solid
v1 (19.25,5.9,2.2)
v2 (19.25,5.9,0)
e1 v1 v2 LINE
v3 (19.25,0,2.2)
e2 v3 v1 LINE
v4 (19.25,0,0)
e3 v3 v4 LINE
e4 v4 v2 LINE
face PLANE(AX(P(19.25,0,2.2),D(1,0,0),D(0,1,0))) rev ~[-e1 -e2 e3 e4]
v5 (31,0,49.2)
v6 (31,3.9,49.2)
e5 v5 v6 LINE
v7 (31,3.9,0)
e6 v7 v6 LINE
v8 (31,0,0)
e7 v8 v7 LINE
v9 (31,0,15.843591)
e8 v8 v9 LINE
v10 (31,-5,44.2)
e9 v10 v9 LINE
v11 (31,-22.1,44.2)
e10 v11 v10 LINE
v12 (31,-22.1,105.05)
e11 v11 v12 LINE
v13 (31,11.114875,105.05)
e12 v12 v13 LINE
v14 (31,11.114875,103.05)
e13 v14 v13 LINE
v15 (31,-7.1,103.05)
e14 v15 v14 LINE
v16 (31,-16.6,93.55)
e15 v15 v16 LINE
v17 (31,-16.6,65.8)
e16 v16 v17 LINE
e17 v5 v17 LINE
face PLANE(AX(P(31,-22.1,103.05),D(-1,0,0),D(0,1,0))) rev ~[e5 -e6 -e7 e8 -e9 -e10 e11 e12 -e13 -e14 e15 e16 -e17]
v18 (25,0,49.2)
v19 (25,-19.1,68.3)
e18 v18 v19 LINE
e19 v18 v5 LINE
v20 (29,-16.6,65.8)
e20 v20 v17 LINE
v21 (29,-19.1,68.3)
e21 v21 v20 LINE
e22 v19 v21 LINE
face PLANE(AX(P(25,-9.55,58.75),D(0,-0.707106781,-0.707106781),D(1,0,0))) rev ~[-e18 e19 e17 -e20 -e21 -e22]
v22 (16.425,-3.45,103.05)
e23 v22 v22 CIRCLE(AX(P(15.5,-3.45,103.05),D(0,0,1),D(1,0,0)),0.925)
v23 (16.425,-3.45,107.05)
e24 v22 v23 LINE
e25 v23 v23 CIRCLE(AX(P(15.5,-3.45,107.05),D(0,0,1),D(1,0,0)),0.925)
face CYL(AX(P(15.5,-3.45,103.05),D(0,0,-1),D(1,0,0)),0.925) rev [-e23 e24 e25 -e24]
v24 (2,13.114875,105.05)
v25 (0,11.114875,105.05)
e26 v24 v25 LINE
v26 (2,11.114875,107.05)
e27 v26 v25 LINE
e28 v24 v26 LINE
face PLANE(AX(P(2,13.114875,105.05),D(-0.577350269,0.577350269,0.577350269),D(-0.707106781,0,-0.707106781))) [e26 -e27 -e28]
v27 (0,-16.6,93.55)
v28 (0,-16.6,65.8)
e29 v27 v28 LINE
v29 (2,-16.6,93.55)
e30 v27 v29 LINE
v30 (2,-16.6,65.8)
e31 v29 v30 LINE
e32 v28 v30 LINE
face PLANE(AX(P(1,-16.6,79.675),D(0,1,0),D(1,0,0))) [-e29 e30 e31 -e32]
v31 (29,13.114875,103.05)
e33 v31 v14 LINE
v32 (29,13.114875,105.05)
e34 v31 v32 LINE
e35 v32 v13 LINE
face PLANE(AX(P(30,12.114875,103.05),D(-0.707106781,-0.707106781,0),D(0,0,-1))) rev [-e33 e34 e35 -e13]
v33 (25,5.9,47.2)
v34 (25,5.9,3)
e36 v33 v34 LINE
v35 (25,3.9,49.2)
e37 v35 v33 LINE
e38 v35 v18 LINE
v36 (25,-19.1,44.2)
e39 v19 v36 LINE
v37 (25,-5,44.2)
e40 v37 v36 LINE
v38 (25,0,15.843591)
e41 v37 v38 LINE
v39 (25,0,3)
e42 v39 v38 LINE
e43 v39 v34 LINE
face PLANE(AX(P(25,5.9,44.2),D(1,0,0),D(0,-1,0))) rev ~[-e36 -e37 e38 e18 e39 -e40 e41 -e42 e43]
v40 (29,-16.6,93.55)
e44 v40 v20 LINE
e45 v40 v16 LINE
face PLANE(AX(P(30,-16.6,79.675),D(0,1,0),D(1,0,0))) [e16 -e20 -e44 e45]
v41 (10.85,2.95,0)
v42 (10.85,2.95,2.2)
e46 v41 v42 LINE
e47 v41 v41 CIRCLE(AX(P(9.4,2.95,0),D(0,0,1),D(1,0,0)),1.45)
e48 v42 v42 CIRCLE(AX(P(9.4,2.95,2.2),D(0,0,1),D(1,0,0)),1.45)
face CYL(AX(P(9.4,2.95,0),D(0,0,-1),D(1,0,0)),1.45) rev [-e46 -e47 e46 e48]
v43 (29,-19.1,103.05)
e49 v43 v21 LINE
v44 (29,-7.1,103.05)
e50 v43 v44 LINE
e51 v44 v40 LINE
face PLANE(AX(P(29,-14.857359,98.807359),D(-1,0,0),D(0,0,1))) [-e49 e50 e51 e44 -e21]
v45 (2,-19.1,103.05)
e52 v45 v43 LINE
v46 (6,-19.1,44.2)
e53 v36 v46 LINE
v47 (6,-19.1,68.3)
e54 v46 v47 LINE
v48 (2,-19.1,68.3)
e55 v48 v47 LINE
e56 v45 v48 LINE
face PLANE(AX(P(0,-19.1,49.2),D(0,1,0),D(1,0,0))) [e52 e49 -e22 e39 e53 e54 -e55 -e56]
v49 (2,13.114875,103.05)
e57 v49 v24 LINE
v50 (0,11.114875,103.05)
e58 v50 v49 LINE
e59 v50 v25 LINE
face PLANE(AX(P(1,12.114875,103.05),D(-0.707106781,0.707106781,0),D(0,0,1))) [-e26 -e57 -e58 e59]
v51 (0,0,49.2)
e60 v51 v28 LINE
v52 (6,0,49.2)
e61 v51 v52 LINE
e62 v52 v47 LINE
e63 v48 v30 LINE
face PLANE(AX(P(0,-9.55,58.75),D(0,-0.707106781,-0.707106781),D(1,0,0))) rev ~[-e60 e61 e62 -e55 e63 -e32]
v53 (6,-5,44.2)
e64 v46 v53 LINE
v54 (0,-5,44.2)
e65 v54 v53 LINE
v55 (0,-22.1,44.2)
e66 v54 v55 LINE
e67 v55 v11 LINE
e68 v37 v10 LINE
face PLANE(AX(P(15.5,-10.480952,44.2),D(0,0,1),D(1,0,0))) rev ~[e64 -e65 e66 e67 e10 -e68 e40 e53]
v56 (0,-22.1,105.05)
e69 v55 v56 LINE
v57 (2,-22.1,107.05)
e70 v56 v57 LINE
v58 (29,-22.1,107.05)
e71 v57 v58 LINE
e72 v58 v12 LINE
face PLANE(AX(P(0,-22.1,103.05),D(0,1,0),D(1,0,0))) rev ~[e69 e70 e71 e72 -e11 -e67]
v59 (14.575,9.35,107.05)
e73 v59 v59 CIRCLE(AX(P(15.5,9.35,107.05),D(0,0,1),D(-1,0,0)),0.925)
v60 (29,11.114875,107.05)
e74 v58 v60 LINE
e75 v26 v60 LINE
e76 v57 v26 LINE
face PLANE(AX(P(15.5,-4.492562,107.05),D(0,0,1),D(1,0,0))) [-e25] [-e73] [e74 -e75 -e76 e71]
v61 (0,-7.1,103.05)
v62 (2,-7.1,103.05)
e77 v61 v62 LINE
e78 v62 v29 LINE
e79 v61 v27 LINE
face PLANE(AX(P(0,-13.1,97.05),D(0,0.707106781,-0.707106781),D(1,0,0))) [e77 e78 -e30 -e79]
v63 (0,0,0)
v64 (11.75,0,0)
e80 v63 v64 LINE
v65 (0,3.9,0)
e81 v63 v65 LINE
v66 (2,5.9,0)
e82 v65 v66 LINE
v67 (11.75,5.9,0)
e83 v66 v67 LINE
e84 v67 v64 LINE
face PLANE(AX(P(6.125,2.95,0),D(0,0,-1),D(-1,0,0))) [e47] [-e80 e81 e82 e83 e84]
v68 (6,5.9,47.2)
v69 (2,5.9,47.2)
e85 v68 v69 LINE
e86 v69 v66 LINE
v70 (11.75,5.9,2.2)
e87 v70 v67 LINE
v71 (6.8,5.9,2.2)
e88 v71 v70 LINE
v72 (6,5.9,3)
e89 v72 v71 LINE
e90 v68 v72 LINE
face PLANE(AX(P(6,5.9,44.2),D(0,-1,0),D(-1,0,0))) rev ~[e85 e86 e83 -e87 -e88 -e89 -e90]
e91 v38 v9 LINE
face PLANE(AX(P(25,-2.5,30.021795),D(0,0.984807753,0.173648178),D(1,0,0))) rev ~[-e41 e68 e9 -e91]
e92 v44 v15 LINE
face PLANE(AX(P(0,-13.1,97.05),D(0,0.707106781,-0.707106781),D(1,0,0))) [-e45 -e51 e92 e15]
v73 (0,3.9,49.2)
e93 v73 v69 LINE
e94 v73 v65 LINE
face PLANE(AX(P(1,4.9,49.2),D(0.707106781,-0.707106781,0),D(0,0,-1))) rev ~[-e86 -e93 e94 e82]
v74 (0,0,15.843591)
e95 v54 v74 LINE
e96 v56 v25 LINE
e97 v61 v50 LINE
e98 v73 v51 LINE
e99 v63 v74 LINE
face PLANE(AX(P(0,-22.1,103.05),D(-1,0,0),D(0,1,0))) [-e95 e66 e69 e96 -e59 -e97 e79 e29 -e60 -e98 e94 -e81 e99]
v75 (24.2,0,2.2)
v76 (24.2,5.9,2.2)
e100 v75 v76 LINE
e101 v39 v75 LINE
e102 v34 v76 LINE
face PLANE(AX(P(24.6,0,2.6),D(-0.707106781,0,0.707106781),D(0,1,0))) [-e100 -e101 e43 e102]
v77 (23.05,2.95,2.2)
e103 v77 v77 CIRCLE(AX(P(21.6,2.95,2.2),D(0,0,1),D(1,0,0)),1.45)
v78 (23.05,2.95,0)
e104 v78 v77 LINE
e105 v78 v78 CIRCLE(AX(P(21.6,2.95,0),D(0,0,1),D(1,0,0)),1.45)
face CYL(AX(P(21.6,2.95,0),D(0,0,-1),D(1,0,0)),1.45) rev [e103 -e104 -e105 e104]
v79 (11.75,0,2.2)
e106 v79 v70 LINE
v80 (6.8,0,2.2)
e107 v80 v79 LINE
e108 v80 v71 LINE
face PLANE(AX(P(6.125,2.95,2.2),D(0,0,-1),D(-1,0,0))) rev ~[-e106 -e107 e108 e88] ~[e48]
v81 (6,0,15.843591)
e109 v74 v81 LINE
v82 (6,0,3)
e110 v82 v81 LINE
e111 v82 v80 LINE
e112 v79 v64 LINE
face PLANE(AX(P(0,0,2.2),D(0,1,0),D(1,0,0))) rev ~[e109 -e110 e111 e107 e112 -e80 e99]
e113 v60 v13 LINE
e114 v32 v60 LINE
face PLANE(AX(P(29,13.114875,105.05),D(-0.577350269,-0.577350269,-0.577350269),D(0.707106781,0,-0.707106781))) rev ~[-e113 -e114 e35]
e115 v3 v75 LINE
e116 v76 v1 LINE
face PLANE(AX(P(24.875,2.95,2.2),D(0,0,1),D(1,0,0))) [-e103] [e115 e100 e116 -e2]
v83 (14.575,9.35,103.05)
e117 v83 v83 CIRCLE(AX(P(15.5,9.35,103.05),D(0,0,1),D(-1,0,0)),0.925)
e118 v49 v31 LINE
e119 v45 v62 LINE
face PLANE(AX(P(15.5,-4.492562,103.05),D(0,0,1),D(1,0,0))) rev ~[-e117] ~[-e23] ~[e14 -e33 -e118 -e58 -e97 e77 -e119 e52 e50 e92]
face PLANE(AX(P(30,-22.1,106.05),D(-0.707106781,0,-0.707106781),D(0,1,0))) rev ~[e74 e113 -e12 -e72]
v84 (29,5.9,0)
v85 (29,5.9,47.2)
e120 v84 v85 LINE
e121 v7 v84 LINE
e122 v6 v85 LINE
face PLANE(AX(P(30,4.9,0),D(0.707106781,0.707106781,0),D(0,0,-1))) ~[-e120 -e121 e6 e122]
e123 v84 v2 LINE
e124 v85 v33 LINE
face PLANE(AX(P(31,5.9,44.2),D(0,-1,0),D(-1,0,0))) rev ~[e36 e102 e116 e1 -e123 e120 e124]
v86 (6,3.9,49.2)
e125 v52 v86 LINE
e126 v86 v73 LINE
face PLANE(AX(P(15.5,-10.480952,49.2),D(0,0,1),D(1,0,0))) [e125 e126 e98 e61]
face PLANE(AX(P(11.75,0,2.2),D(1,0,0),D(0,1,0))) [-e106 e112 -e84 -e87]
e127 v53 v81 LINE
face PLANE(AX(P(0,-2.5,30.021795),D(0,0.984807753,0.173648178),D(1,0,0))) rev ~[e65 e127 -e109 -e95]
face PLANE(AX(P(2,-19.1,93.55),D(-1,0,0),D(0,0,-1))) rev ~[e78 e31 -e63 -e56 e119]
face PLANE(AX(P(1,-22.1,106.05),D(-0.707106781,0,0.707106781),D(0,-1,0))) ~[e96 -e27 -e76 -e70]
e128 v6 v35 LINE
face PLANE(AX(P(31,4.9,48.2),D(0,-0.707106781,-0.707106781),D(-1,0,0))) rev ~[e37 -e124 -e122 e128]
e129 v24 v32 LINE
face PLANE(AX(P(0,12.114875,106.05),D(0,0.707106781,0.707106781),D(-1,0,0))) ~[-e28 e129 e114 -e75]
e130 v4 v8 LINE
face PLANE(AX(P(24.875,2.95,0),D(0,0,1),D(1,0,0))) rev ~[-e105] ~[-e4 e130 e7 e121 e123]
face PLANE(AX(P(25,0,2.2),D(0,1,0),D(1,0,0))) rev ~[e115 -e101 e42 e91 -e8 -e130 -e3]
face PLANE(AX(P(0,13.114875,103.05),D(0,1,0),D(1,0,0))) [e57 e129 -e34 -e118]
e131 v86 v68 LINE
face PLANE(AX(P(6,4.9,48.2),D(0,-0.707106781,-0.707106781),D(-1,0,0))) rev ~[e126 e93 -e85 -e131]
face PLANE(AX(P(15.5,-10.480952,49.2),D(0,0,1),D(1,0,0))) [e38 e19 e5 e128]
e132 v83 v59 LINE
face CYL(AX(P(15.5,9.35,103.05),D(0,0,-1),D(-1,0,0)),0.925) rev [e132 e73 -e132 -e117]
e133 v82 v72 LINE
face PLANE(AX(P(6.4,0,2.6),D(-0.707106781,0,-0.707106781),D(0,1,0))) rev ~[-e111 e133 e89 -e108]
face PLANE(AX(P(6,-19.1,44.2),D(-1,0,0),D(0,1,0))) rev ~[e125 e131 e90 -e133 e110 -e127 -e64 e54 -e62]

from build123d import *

# Parameters (mm, degrees)
SKETCH1_R             = 1.45
BOSS_EXTRUDE1_DEPTH   = 2.2
BOSS_EXTRUDE1_2_DEPTH = 2.2
SKETCH8_W             = 6
SKETCH8_H             = 5.9
BOSS_EXTRUDE6_DEPTH   = 42
BOSS_EXTRUDE7_DEPTH   = 5
SKETCH10_W            = 31
SKETCH10_H            = 3
BOSS_EXTRUDE8_DEPTH   = 53.85
SKETCH11_W            = 31
SKETCH11_H            = 35.214875224
SKETCH11_R            = 0.925
BOSS_EXTRUDE9_DEPTH   = 4
CHAMFER6_SIZE         = 19.1
CHAMFER7_SIZE         = 12
CHAMFER8_SIZE         = 2
CUT_EXTRUDE2_START    = 2
CUT_EXTRUDE2_DEPTH    = 27
CHAMFER10_SIZE        = 0.8
SKETCH14_W            = 7.5
SKETCH14_H            = 5.9
CUT_EXTRUDE3_DEPTH    = 112.547893301
CHAMFER11_SIZE        = 5
CHAMFER11_SIZE2       = 28.356409098
SKETCH15_W            = 2
SKETCH15_H            = 27.75
BOSS_EXTRUDE10_DEPTH  = 2.5


with BuildPart() as part:
    # Sketch1 → Boss-Extrude1 (new body)
    with BuildSketch(Plane.XY):
        Polygon((0, 0), (0, 5.9), (12.25, 5.9), (12.25, 0), (2.5, 0), align=None)
        with Locations((9.4, 2.95)):
            Circle(SKETCH1_R, mode=Mode.SUBTRACT)
    extrude(amount=BOSS_EXTRUDE1_DEPTH)



with BuildPart() as body_2:
    # Sketch1 → Boss-Extrude1 2 (new body)
    with BuildSketch(Plane.XY):
        Polygon((31, 0), (31, 5.9), (18.75, 5.9), (18.75, 0), (28.5, 0), align=None)
        with Locations((21.6, 2.95)):
            Circle(SKETCH1_R, mode=Mode.SUBTRACT)
    extrude(amount=BOSS_EXTRUDE1_2_DEPTH)


with BuildPart() as part_1:
    add(part.part)

    add(body_2.part)  # Boss-Extrude6 merges body 2
    # Sketch8 → Boss-Extrude6 (add)
    with BuildSketch(Plane.XY.offset(2.2)):
        with Locations((3, 2.95)):
            Rectangle(SKETCH8_W, SKETCH8_H)
        with Locations((28, 2.95)):
            Rectangle(SKETCH8_W, SKETCH8_H)
    extrude(amount=BOSS_EXTRUDE6_DEPTH)

    # Sketch9 → Boss-Extrude7 (add)
    with BuildSketch(Plane.XY.offset(44.2)):
        Polygon((0, 5.9), (0, -22.1), (31, -22.1), (31, 5.9), (25, 5.9), (25, -19.1), (6, -19.1), (6, 5.9), align=None)
    extrude(amount=BOSS_EXTRUDE7_DEPTH)

    # Sketch10 → Boss-Extrude8 (add)
    with BuildSketch(Plane.XY.offset(49.2)):
        with Locations((15.5, -20.6)):
            Rectangle(SKETCH10_W, SKETCH10_H)
    extrude(amount=BOSS_EXTRUDE8_DEPTH)

    # Sketch11 → Boss-Extrude9 (add)
    with BuildSketch(Plane.XY.offset(103.05)):
        with Locations((15.5, -4.492562388)):
            Rectangle(SKETCH11_W, SKETCH11_H)
        with Locations((15.5, -3.45)):
            Circle(SKETCH11_R, mode=Mode.SUBTRACT)
        with Locations(Location((15.5, 9.35, 0), (0, 0, 180))):
            Circle(SKETCH11_R, mode=Mode.SUBTRACT)
    extrude(amount=BOSS_EXTRUDE9_DEPTH)

    # Chamfer6
    chamfer6_edges = [part_1.edges().sort_by_distance(p)[0] for p in [
        (3, -19.1, 49.2),
        (28, -19.1, 49.2),
    ]]
    chamfer(chamfer6_edges, length=CHAMFER6_SIZE)

    # Chamfer7
    chamfer7_edges = [part_1.edges().sort_by_distance(p)[0] for p in [
        (15.5, -19.1, 103.05),
    ]]
    chamfer(chamfer7_edges, length=CHAMFER7_SIZE)

    # Chamfer8
    chamfer8_edges = [part_1.edges().sort_by_distance(p)[0] for p in [
        (0, -4.492562388, 107.05),
        (31, -4.492562388, 107.05),
        (15.5, 13.114875224, 107.05),
        (0, 13.114875224, 105.05),
        (31, 13.114875224, 105.05),
        (31, 5.9, 24.6),
        (3, 5.9, 49.2),
        (28, 5.9, 49.2),
        (0, 5.9, 24.6),
    ]]
    chamfer(chamfer8_edges, length=CHAMFER8_SIZE)

    # Sketch13 → Cut-Extrude2 (cut)
    with BuildSketch(Plane(origin=(0, 0, 0), x_dir=(0, 0, -1), z_dir=(1, 0, 0)).offset(CUT_EXTRUDE2_START)):
        Polygon((-103.05, -7.1), (-91.05, -19.1), (-103.05, -19.1), align=None)
    extrude(amount=CUT_EXTRUDE2_DEPTH, mode=Mode.SUBTRACT)

    # Chamfer10
    chamfer10_edges = [part_1.edges().sort_by_distance(p)[0] for p in [
        (6, 2.95, 2.2),
        (25, 2.95, 2.2),
    ]]
    chamfer(chamfer10_edges, length=CHAMFER10_SIZE)

    # Sketch14 → Cut-Extrude3 (cut, through all)
    with BuildSketch(Plane.XY.offset(2.2)):
        with Locations((15.5, 2.95)):
            Rectangle(SKETCH14_W, SKETCH14_H)
    extrude(amount=-CUT_EXTRUDE3_DEPTH, mode=Mode.SUBTRACT)

    # Chamfer11
    chamfer11_edges = [part_1.edges().sort_by_distance(p)[0] for p in [
        (3, 0, 44.2),
        (28, 0, 44.2),
    ]]
    chamfer11_side = [part_1.faces().sort_by_distance(p)[0] for p in [
        (3, -0.380711177, 44.2),
    ]]
    chamfer(chamfer11_edges, length=CHAMFER11_SIZE, length2=CHAMFER11_SIZE2, reference=chamfer11_side[0])

    # Sketch15 → Boss-Extrude10 (add)
    with BuildSketch(Plane(origin=(0, -19.1, 0), x_dir=(1, 0, 0), z_dir=(0, 1, 0))):
        with Locations((1, -79.675)):
            Rectangle(SKETCH15_W, SKETCH15_H)
        with Locations((30, -79.675)):
            Rectangle(SKETCH15_W, SKETCH15_H)
    extrude(amount=BOSS_EXTRUDE10_DEPTH)


solid = part_1.part
